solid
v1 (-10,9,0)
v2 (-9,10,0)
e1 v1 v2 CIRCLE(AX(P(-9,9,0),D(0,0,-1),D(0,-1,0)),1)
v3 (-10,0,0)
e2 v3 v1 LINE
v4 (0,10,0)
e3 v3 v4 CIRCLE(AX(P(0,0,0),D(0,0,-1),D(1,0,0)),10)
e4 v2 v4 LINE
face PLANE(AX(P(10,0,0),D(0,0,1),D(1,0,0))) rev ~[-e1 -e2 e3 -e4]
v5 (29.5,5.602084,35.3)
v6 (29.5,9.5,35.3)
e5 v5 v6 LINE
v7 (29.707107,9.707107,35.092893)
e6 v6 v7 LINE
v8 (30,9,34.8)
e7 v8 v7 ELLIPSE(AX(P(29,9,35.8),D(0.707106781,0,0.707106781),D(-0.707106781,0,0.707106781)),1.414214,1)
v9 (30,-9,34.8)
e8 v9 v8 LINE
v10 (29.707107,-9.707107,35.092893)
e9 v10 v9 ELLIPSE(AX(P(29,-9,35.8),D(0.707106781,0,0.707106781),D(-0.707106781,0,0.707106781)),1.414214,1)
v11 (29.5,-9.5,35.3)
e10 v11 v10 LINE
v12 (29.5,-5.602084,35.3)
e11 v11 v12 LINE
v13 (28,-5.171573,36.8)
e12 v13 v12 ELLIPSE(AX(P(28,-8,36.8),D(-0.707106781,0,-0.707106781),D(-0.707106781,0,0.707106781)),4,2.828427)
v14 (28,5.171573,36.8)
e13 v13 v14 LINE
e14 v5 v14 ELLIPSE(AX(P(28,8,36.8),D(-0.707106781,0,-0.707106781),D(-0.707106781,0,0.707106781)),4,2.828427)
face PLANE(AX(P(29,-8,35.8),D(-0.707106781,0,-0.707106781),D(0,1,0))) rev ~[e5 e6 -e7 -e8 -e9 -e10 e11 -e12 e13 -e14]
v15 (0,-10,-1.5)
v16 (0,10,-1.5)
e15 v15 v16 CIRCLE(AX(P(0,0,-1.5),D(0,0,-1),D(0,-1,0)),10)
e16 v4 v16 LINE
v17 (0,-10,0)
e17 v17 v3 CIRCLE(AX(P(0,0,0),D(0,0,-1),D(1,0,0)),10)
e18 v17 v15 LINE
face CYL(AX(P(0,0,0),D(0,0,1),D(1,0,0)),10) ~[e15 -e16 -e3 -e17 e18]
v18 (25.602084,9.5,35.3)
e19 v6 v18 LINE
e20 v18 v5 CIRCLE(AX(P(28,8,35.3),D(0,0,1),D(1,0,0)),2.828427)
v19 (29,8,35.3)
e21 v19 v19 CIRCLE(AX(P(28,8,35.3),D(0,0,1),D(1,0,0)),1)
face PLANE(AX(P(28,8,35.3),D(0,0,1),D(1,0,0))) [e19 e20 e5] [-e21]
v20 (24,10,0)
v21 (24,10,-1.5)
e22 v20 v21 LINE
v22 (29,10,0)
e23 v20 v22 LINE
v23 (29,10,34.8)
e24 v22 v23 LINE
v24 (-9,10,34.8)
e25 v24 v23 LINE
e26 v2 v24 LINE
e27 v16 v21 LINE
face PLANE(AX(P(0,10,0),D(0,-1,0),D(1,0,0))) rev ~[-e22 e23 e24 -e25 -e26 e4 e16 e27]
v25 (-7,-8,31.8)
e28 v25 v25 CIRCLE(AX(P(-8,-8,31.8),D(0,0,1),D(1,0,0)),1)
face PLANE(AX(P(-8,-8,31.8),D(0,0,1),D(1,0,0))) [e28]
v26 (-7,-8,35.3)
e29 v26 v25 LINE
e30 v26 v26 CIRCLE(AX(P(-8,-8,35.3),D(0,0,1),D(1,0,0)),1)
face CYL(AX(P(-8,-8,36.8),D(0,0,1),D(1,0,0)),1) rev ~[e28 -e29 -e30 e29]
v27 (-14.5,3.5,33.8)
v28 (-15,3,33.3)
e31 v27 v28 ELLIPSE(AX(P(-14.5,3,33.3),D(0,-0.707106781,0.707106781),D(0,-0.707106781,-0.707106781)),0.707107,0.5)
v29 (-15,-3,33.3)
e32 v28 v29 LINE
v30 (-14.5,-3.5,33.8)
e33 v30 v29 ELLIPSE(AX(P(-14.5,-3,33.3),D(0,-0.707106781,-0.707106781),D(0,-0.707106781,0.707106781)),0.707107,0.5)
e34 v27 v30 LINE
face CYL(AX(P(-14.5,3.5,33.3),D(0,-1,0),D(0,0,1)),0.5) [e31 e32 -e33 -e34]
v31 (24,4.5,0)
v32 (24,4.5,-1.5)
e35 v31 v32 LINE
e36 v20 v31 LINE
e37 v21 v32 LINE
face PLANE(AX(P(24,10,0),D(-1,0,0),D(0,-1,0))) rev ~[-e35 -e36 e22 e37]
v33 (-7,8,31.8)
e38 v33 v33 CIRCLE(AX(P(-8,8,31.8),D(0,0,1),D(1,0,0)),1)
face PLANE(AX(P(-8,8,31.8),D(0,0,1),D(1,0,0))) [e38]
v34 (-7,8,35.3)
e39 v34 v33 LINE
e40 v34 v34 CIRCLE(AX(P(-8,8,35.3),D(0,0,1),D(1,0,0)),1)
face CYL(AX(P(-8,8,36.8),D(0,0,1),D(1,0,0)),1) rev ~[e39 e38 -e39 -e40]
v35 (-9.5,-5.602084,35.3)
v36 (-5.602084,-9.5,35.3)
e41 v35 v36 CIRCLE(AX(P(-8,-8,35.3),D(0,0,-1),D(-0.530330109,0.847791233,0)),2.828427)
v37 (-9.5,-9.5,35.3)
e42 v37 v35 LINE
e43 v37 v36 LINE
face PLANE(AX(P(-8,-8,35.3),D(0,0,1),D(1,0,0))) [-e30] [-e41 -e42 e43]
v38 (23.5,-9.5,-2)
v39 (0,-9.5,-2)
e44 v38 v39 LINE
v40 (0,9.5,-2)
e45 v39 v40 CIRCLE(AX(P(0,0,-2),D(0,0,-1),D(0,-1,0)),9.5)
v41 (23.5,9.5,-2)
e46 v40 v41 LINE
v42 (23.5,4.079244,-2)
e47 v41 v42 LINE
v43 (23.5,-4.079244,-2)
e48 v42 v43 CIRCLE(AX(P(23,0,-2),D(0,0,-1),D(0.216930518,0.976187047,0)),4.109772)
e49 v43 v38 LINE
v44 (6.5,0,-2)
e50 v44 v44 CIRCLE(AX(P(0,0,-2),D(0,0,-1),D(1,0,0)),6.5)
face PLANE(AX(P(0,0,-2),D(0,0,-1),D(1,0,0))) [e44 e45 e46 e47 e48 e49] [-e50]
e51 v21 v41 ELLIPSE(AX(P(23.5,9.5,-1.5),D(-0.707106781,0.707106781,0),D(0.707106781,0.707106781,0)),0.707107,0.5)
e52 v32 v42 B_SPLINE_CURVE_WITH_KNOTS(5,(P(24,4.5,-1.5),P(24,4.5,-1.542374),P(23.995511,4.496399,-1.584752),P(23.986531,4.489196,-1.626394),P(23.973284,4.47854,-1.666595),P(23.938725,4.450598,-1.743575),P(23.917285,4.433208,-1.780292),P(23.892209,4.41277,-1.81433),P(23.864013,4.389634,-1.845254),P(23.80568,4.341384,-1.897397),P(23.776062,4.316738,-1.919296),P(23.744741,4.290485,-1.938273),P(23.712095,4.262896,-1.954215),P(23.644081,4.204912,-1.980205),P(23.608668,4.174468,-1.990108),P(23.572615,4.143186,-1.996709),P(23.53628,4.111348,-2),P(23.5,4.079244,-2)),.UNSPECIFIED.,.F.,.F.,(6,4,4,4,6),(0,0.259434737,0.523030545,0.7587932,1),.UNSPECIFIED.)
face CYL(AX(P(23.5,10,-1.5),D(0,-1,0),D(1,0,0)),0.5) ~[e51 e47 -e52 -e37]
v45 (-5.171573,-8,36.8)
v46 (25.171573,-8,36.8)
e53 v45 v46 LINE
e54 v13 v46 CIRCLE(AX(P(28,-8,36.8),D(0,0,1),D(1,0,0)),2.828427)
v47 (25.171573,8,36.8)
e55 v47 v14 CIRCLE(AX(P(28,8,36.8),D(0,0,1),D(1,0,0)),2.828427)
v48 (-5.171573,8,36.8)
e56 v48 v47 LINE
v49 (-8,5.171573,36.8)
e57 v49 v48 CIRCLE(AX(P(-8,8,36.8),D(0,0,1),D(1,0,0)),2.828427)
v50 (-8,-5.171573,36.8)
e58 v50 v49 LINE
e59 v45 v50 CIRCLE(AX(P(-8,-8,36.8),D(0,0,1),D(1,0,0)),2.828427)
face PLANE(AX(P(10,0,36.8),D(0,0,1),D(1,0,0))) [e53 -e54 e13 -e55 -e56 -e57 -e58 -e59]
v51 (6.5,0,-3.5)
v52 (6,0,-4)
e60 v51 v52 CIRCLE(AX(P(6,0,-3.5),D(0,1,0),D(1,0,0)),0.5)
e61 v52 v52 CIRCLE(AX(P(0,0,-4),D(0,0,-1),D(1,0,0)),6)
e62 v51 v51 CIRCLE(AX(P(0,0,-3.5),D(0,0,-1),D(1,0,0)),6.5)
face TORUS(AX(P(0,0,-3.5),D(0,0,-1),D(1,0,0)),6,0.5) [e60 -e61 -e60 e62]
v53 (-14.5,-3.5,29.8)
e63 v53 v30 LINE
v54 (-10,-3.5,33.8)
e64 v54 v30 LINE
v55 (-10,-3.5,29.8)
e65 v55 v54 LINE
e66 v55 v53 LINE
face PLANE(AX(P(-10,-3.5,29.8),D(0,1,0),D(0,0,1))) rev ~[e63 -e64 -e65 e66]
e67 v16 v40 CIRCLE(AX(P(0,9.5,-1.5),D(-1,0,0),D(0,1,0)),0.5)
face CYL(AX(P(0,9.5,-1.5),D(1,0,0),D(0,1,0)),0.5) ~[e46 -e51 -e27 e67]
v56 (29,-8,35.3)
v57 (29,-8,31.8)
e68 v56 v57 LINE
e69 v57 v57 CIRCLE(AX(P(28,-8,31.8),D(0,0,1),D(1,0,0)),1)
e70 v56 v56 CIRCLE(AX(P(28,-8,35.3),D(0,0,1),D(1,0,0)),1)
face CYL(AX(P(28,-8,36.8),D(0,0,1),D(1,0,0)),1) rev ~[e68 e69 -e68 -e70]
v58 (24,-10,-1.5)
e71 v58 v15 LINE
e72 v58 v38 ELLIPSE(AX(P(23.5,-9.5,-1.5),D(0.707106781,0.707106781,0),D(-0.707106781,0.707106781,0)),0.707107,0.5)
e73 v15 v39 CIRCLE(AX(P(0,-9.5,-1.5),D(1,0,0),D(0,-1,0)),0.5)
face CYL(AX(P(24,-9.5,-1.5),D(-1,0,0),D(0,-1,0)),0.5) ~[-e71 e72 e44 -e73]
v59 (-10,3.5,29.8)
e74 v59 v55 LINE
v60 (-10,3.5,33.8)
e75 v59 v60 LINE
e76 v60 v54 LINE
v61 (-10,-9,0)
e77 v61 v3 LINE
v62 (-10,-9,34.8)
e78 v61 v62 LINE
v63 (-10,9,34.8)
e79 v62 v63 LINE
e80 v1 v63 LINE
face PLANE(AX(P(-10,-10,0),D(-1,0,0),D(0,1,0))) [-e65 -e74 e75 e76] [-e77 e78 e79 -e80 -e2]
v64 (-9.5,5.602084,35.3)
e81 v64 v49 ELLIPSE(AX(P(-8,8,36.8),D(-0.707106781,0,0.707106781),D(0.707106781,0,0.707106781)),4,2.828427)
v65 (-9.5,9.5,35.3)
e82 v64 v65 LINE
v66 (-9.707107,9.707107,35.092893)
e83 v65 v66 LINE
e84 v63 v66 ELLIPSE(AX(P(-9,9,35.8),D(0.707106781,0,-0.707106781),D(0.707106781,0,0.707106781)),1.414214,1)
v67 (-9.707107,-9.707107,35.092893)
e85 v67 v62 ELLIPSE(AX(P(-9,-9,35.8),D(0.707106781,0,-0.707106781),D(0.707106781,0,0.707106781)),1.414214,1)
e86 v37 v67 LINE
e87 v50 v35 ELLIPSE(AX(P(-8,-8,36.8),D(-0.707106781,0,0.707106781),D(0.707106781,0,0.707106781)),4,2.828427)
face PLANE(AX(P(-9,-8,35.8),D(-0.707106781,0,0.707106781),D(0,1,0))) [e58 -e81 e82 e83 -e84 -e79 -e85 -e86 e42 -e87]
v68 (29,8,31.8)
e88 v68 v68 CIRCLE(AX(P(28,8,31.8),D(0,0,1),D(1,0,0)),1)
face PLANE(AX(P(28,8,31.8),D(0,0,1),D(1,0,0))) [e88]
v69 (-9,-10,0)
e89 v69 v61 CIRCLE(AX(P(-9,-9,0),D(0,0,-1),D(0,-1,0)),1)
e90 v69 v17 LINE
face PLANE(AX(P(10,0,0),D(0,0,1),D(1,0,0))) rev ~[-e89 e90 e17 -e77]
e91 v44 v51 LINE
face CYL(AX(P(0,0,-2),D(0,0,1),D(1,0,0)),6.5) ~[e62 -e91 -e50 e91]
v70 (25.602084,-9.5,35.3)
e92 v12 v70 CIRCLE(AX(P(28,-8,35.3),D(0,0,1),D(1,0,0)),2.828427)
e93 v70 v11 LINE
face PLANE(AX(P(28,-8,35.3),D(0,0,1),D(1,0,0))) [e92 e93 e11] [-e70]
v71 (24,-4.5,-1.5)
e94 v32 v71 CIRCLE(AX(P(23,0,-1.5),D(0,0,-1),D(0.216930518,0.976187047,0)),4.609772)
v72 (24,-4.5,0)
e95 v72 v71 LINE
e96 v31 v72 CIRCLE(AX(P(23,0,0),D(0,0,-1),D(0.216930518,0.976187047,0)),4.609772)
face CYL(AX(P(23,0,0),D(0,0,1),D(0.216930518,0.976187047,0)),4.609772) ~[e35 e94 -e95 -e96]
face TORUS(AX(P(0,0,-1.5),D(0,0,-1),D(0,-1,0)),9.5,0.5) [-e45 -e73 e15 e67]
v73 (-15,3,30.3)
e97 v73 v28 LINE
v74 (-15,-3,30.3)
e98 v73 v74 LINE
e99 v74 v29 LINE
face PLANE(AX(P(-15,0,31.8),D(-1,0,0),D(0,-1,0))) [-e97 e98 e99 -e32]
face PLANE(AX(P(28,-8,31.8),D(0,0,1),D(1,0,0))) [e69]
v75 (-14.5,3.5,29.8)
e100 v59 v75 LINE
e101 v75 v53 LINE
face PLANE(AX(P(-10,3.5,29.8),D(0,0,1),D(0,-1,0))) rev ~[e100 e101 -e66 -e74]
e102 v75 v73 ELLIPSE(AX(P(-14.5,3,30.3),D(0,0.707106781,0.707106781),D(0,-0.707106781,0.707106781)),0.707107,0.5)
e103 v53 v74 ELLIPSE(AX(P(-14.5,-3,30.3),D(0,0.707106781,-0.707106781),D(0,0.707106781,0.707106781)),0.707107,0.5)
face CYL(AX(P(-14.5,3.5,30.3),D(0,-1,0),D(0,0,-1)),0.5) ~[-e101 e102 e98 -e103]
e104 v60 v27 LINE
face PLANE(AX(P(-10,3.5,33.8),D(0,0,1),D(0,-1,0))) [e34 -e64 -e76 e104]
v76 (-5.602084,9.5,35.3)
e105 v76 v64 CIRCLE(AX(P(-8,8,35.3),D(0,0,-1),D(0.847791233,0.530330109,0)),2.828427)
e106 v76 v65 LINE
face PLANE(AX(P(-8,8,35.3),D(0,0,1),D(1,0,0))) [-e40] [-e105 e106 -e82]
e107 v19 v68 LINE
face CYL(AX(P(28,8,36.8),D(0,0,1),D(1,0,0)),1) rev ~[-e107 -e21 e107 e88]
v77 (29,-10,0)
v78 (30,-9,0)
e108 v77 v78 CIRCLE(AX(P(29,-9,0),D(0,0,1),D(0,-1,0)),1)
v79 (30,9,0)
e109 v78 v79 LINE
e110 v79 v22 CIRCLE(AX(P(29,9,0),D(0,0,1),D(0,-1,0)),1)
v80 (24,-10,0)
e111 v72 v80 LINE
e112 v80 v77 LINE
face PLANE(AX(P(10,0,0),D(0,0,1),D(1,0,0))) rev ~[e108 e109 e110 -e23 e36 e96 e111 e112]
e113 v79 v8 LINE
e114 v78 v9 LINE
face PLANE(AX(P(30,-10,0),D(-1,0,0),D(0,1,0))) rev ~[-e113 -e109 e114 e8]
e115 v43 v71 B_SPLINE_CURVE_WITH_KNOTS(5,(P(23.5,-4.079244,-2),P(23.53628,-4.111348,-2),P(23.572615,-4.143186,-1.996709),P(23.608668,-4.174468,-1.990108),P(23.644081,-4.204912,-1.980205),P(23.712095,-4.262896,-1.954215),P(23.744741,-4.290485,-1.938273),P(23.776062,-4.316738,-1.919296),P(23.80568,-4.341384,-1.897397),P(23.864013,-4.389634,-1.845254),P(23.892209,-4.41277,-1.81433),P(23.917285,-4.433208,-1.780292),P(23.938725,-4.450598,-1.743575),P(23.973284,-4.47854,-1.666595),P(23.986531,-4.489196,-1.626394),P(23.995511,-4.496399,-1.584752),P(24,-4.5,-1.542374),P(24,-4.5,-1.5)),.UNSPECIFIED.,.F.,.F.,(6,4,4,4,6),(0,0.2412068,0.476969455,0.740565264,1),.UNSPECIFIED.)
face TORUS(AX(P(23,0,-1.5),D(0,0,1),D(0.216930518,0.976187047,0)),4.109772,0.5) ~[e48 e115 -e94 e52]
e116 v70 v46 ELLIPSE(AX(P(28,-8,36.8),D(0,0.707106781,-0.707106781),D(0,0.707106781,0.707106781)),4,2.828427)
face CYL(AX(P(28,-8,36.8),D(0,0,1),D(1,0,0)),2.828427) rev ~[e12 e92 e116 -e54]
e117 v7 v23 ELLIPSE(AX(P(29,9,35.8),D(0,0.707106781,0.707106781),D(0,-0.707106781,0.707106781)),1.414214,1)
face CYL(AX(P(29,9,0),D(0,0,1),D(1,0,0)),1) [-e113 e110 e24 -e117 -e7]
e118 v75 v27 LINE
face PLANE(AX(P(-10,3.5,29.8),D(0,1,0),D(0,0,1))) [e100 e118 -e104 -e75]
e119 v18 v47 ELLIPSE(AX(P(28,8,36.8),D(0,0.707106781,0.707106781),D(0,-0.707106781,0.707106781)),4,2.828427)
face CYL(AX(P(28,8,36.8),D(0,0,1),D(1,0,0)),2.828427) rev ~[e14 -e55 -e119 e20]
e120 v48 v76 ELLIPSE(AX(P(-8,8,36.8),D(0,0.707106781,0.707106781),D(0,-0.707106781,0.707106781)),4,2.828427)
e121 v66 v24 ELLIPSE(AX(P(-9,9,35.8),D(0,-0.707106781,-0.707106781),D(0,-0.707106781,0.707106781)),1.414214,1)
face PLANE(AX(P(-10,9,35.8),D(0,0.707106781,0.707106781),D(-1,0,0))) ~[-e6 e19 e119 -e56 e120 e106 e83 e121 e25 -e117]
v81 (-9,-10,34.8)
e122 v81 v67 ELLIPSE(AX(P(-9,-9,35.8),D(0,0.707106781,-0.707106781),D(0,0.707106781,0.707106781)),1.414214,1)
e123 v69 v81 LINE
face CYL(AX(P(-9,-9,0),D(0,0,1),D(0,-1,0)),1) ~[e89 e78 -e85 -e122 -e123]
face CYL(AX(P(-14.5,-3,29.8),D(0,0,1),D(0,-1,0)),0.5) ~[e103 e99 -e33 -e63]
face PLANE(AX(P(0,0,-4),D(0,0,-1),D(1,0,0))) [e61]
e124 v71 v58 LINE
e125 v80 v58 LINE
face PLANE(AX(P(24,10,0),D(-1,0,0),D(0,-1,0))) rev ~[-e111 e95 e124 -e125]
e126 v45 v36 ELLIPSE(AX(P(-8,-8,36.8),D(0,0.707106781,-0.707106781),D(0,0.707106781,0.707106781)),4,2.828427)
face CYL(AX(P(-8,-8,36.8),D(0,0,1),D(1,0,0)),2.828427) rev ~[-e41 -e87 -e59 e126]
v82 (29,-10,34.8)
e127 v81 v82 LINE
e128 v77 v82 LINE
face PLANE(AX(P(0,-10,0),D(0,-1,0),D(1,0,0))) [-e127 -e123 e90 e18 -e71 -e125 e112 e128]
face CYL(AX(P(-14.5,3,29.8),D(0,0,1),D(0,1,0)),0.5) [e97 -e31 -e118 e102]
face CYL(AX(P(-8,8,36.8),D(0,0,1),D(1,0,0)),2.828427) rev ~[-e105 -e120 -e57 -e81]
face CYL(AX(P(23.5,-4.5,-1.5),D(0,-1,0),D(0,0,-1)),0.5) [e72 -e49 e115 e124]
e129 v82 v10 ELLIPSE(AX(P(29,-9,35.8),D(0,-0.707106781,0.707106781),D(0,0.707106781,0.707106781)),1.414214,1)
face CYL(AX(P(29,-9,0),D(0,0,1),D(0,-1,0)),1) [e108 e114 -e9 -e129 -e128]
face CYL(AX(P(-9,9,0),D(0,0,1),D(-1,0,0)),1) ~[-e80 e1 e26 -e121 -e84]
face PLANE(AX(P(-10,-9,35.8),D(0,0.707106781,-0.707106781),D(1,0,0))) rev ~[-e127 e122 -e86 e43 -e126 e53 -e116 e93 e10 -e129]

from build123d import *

# Parameters (mm, degrees)
SKETCH_W        = 40
SKETCH_H        = 20
PAD_DEPTH       = 36.8
CHAMFER_SIZE    = 2
CHAMFER001_SIZE = 2
CHAMFER002_SIZE = 2
CHAMFER003_SIZE = 2
SKETCH001_R     = 2.828427
POCKET_DEPTH    = 1.5
SKETCH002_R     = 1
POCKET001_DEPTH = 5
SKETCH003_R     = 10
PAD001_DEPTH    = 2
SKETCH004_W     = 24
SKETCH004_H     = 20
PAD002_DEPTH    = 2
PAD003_DEPTH    = 2
FILLET_R        = 1
FILLET001_R     = 1
FILLET002_R     = 1
FILLET003_R     = 1
FILLET004_R     = 0.5
SKETCH006_R     = 6.5
PAD004_DEPTH    = 2
FILLET005_R     = 0.5
SKETCH007_W     = 7
SKETCH007_H     = 4
PAD005_DEPTH    = 5
FILLET006_R     = 0.5


with BuildPart() as part:
    # Sketch → Pad (new body)
    with BuildSketch(Plane.XY):
        with Locations((10, 0)):
            Rectangle(SKETCH_W, SKETCH_H)
    extrude(amount=PAD_DEPTH)

    # Chamfer
    chamfer_edges = [part.edges().sort_by_distance(p)[0] for p in [
        (10, 10, 36.8),
    ]]
    chamfer(chamfer_edges, length=CHAMFER_SIZE)

    # Chamfer001
    chamfer001_edges = [part.edges().sort_by_distance(p)[0] for p in [
        (10, -10, 36.8),
    ]]
    chamfer(chamfer001_edges, length=CHAMFER001_SIZE)

    # Chamfer002
    chamfer002_edges = [part.edges().sort_by_distance(p)[0] for p in [
        (30, 0, 36.8),
    ]]
    chamfer(chamfer002_edges, length=CHAMFER002_SIZE)

    # Chamfer003
    chamfer003_edges = [part.edges().sort_by_distance(p)[0] for p in [
        (-10, 0, 36.8),
    ]]
    chamfer(chamfer003_edges, length=CHAMFER003_SIZE)

    # Sketch001 (on Face1 of Chamfer003) → Pocket (cut)
    with BuildSketch(Plane.XY.offset(36.8)):
        with Locations((-8, 8)):
            Circle(SKETCH001_R)
        with Locations((28, 8)):
            Circle(SKETCH001_R)
        with Locations((28, -8)):
            Circle(SKETCH001_R)
        with Locations((-8, -8)):
            Circle(SKETCH001_R)
    extrude(amount=-POCKET_DEPTH, mode=Mode.SUBTRACT)

    # Sketch002 (on Face1 of Pocket) → Pocket001 (cut)
    with BuildSketch(Plane.XY.offset(36.8)):
        with Locations((-8, 8)):
            Circle(SKETCH002_R)
        with Locations((28, 8)):
            Circle(SKETCH002_R)
        with Locations((-8, -8)):
            Circle(SKETCH002_R)
        with Locations((28, -8)):
            Circle(SKETCH002_R)
    extrude(amount=-POCKET001_DEPTH, mode=Mode.SUBTRACT)

    # Sketch003 (on Face21 of Pocket001) → Pad001 (join)
    with BuildSketch(Plane(origin=(0, 0, 0), x_dir=(1, 0, 0), z_dir=(0, 0, -1))):
        Circle(SKETCH003_R)
    extrude(amount=PAD001_DEPTH)

    # Sketch004 (on Face21 of Pad001) → Pad002 (join)
    with BuildSketch(Plane(origin=(0, 0, 0), x_dir=(1, 0, 0), z_dir=(0, 0, -1))):
        with Locations((12, 0)):
            Rectangle(SKETCH004_W, SKETCH004_H)
    extrude(amount=PAD002_DEPTH)

    # Sketch005 (on Face17 of Pad002) → Pad003 (join)
    with BuildSketch(Plane(origin=(0, 0, 0), x_dir=(1, 0, 0), z_dir=(0, 0, -1))):
        with BuildLine():
            ThreePointArc((24, -4.5), (27.609772, 0), (24, 4.5))
            Line((24, 4.5), (24, -4.5))
        make_face()
    extrude(amount=PAD003_DEPTH)

    # Fillet
    fillet_edges = [part.edges().sort_by_distance(p)[0] for p in [
        (30, -10, 17.4),
    ]]
    fillet(fillet_edges, radius=FILLET_R)

    # Fillet001
    fillet001_edges = [part.edges().sort_by_distance(p)[0] for p in [
        (30, 10, 17.4),
    ]]
    fillet(fillet001_edges, radius=FILLET001_R)

    # Fillet002
    fillet002_edges = [part.edges().sort_by_distance(p)[0] for p in [
        (-10, -10, 17.4),
    ]]
    fillet(fillet002_edges, radius=FILLET002_R)

    # Fillet003
    fillet003_edges = [part.edges().sort_by_distance(p)[0] for p in [
        (-10, 10, 17.4),
    ]]
    fillet(fillet003_edges, radius=FILLET003_R)

    # Fillet004
    fillet004_edges = [part.edges().sort_by_distance(p)[0] for p in [
        (12, 10, -2),
        (24, 7.25, -2),
        (27.609772, 0, -2),
        (24, -7.25, -2),
        (12, -10, -2),
        (-10, 0, -2),
    ]]
    fillet(fillet004_edges, radius=FILLET004_R)

    # Sketch006 (on Face14 of Fillet004) → Pad004 (join)
    with BuildSketch(Plane(origin=(0, 0, -2), x_dir=(1, 0, 0), z_dir=(0, 0, -1))):
        Circle(SKETCH006_R)
    extrude(amount=PAD004_DEPTH)

    # Fillet005
    fillet005_edges = [part.edges().sort_by_distance(p)[0] for p in [
        (-6.5, 0, -4),
    ]]
    fillet(fillet005_edges, radius=FILLET005_R)

    # Sketch007 (on Face26 of Fillet005) → Pad005 (join)
    with BuildSketch(Plane(origin=(-10, 0, 0), x_dir=(0, -1, 0), z_dir=(-1, 0, 0))):
        with Locations((0, 31.8)):
            Rectangle(SKETCH007_W, SKETCH007_H)
    extrude(amount=PAD005_DEPTH)

    # Fillet006
    fillet006_edges = [part.edges().sort_by_distance(p)[0] for p in [
        (-15, 0, 33.8),
        (-15, -3.5, 31.8),
        (-15, 0, 29.8),
        (-15, 3.5, 31.8),
    ]]
    fillet(fillet006_edges, radius=FILLET006_R)


solid = part.part
